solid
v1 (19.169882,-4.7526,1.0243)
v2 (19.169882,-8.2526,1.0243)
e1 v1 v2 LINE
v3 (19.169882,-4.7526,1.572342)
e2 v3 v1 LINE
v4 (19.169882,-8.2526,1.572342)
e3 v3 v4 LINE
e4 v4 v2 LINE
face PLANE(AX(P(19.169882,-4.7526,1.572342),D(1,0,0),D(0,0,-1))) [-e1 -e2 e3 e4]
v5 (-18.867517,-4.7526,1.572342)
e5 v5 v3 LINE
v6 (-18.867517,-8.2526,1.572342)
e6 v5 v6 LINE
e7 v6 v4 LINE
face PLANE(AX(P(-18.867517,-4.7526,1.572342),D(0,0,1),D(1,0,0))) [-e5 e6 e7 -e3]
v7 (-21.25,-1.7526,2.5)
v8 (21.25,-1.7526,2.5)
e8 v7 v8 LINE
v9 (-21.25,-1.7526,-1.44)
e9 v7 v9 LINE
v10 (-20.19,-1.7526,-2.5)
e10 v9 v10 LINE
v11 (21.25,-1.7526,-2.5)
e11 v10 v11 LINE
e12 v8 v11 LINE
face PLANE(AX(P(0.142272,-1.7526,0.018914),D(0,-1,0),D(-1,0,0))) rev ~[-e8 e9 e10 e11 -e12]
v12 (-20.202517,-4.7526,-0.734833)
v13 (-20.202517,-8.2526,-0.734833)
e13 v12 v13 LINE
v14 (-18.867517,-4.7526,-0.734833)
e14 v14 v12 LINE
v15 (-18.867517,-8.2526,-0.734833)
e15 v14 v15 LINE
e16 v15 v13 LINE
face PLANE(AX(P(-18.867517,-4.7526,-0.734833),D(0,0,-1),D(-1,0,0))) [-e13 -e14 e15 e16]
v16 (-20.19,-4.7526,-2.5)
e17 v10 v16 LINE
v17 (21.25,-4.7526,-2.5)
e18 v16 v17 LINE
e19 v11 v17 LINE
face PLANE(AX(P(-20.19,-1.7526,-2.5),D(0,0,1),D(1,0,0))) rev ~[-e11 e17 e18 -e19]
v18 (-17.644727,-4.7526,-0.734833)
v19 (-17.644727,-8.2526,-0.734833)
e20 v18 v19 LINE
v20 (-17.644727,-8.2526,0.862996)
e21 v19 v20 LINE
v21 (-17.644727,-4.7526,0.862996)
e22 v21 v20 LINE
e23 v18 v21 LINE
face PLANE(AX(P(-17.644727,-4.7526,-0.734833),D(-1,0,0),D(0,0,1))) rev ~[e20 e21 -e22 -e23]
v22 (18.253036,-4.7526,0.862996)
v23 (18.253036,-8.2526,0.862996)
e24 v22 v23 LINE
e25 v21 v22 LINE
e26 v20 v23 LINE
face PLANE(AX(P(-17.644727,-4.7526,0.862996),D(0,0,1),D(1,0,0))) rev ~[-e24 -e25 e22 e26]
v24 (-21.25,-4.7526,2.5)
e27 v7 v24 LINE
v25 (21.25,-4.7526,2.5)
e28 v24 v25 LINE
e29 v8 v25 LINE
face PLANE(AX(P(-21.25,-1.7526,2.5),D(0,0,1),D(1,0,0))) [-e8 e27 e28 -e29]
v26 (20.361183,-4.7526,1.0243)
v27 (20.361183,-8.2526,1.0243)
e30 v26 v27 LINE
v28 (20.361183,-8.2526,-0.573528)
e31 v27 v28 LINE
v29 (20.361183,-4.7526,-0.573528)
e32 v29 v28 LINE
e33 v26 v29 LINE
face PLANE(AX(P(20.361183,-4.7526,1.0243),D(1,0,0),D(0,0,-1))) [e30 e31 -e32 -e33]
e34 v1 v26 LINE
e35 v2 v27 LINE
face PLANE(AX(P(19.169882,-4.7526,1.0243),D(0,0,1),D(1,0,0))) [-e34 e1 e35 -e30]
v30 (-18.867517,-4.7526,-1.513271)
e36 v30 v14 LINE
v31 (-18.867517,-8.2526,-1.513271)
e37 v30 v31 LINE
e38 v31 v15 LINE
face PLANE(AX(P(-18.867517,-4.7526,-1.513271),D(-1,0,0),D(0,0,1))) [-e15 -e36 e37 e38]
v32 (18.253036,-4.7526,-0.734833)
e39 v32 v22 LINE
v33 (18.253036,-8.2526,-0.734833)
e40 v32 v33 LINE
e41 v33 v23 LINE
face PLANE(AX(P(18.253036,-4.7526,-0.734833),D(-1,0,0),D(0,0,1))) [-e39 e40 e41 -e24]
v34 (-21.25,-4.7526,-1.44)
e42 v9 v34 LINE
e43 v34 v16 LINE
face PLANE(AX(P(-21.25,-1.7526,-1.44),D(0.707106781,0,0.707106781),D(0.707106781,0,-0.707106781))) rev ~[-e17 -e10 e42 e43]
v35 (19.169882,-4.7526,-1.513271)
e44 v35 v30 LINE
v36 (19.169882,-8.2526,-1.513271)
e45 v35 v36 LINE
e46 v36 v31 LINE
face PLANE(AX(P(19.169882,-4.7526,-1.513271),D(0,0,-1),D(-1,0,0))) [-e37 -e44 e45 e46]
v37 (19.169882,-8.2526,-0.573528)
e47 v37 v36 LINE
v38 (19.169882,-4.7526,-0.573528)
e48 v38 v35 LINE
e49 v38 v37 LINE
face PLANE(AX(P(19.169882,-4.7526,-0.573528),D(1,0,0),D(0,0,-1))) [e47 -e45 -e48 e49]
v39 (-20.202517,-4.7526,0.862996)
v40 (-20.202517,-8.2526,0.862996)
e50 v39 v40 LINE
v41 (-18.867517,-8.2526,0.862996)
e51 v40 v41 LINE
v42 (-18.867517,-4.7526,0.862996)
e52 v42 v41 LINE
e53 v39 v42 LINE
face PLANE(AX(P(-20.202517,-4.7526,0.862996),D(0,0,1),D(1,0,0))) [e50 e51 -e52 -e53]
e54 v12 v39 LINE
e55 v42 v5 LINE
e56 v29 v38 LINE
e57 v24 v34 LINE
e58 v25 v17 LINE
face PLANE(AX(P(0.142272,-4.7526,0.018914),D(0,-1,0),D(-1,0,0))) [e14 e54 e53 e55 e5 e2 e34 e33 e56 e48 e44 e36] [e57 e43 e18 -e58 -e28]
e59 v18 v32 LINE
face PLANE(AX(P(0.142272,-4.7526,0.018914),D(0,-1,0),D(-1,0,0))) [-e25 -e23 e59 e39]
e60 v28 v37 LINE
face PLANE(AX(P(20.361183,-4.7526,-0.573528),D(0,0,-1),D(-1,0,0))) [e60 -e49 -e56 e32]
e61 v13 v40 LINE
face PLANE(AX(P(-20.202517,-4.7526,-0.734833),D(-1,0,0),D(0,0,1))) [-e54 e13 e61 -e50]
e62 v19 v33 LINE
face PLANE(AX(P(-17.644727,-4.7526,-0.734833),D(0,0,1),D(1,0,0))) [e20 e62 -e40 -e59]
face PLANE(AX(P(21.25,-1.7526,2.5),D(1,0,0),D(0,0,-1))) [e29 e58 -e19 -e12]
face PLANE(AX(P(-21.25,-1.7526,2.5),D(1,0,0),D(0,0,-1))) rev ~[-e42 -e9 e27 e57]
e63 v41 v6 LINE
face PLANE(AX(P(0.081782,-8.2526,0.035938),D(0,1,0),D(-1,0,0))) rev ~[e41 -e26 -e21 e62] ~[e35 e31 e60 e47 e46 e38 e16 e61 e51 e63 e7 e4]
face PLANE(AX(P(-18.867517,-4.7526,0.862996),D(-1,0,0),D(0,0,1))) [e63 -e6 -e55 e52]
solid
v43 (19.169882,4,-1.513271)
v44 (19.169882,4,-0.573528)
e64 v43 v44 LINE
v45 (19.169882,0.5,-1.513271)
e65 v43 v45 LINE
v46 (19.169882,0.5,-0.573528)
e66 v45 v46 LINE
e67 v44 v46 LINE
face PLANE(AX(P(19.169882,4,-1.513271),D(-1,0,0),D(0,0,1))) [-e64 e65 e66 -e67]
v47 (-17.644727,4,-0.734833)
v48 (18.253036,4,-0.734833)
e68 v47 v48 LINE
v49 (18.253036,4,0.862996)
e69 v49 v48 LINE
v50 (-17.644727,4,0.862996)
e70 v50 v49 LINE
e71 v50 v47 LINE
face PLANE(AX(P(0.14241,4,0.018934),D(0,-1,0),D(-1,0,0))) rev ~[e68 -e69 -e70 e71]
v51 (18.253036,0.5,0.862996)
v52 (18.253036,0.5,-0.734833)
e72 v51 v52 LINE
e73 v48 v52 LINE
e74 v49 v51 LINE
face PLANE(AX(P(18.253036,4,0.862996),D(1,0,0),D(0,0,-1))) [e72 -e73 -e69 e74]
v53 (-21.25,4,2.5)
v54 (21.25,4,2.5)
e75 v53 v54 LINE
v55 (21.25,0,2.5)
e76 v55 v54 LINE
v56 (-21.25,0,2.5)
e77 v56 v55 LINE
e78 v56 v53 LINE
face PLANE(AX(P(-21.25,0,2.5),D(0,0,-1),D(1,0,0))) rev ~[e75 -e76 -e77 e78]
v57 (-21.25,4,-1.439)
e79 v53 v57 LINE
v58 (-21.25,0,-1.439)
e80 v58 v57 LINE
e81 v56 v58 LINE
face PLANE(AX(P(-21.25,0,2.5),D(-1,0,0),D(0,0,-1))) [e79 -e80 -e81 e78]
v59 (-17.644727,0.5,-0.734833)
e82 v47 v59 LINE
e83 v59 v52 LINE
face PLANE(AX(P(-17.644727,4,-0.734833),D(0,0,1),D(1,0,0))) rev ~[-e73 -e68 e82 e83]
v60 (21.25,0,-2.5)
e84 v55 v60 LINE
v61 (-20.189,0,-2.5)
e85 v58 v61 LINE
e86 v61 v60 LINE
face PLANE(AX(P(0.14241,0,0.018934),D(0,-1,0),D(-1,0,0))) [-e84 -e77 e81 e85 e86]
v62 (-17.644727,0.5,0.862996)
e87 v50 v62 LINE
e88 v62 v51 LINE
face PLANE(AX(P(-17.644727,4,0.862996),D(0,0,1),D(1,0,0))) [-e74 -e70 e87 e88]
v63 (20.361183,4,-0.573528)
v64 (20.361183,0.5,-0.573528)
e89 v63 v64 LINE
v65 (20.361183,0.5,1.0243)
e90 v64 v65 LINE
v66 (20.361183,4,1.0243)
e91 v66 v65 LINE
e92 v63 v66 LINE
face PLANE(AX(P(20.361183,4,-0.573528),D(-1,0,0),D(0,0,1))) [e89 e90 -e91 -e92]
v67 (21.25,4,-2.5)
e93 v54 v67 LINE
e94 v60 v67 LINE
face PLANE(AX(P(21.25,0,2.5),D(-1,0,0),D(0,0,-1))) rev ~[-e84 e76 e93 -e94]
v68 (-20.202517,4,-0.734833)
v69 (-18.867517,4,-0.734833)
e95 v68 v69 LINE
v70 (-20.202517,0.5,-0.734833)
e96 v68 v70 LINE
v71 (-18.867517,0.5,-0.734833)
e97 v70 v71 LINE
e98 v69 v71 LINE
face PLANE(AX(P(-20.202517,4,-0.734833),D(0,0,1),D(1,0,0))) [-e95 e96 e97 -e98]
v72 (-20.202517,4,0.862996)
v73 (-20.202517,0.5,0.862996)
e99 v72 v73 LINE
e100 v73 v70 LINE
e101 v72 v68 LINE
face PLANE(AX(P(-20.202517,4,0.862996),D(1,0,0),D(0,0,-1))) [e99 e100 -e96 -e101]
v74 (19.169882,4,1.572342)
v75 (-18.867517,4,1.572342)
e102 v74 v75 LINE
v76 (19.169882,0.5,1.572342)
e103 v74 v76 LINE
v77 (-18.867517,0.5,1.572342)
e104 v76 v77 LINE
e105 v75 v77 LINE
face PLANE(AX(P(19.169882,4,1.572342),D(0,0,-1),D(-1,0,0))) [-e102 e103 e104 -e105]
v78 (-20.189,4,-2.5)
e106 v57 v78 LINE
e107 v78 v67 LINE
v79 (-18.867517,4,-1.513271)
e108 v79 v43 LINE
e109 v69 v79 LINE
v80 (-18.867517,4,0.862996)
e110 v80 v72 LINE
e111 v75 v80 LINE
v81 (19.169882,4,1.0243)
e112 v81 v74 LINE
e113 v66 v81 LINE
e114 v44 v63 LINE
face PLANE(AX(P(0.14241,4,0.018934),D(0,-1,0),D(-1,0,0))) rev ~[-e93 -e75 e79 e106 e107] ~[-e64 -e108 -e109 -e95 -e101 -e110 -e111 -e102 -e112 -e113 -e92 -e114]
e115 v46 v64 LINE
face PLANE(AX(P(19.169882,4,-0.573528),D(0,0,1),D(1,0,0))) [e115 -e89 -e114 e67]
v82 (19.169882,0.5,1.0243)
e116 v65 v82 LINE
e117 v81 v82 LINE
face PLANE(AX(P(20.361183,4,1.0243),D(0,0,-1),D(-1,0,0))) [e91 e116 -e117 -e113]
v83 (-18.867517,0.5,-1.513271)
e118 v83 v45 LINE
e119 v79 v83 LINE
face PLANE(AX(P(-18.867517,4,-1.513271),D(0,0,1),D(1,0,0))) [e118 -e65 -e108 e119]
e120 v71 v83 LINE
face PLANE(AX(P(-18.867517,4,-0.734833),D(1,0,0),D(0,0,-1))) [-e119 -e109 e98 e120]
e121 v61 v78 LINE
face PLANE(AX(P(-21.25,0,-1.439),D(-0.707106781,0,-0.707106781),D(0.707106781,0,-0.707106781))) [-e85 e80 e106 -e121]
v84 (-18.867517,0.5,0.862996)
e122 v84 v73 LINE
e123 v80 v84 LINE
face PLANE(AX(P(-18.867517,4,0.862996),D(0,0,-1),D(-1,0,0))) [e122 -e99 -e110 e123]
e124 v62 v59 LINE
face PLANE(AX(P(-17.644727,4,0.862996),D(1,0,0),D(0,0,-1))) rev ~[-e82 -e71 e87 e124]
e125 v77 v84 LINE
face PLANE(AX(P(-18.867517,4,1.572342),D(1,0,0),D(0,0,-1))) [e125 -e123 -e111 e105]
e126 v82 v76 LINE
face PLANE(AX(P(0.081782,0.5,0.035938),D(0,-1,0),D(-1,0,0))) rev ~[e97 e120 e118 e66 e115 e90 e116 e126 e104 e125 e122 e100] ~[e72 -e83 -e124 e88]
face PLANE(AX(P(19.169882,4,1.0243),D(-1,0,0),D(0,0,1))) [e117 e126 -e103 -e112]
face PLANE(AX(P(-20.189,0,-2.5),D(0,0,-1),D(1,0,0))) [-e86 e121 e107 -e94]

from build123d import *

# Parameters (mm, degrees)
SV_DEPTH           = 4
SKETCH3_W          = 35.897762959
SKETCH3_H          = 1.597828601
CUT_EXTRUDE1_DEPTH = 3.5
SV2_A_DEPTH        = 3
SKETCH7_W          = 35.897762959
SKETCH7_H          = 1.597828601
SV2_B_DEPTH        = 3.5


with BuildPart() as part:
    # Sketch1 → SV (new body)
    with BuildSketch(Plane(origin=(0, 0, 0), x_dir=(1, 0, 0), z_dir=(0, 1, 0))):
        Polygon((-20.189, 2.5), (21.25, 2.5), (21.25, -1.44), (21.25, -2.5), (20.19, -2.5), (-21.25, -2.5), (-21.25, 1.439), align=None)
    extrude(amount=SV_DEPTH)

    # Sketch3 → Cut-Extrude1 (cut)
    with BuildSketch(Plane(origin=(0, 4, 0), x_dir=(1, 0, 0), z_dir=(0, 1, 0))):
        Polygon((-20.202517392, 0.734832739), (-18.867516597, 0.734832739), (-18.867516597, 1.51327079), (19.169882457, 1.51327079), (19.169882457, 0.573528463), (20.36118295, 0.573528463), (20.36118295, -1.024300139), (19.169882457, -1.024300139), (19.169882457, -1.572342426), (-18.867516597, -1.572342426), (-18.867516597, -0.862995862), (-20.202517392, -0.862995862), align=None)
        with Locations((0.304154287, -0.064081561)):
            Rectangle(SKETCH3_W, SKETCH3_H, mode=Mode.SUBTRACT)
    extrude(amount=-CUT_EXTRUDE1_DEPTH, mode=Mode.SUBTRACT)


with BuildPart() as body_2:
    # Sketch6 → SV2(a) (new body)
    with BuildSketch(Plane(origin=(0, -1.7526, 0), x_dir=(1, 0, 0), z_dir=(0, 1, 0))):
        Polygon((21.25, -1.43808395), (21.25, -2.5), (20.18808395, -2.5), (-21.25, -2.5), (-21.25, 1.44), (-20.19, 2.5), (21.25, 2.5), align=None)
    extrude(amount=-SV2_A_DEPTH)

    # Sketch7 → SV2(b) (add)
    with BuildSketch(Plane.XZ.offset(4.7526)):
        Polygon((-18.867516597, -1.51327079), (-18.867516597, -0.734832739), (-20.202517392, -0.734832739), (-20.202517392, 0.862995862), (-18.867516597, 0.862995862), (-18.867516597, 1.572342426), (19.169882457, 1.572342426), (19.169882457, 1.024300139), (20.36118295, 1.024300139), (20.36118295, -0.573528463), (19.169882457, -0.573528463), (19.169882457, -1.51327079), align=None)
        with Locations((0.304154287, 0.064081561)):
            Rectangle(SKETCH7_W, SKETCH7_H, mode=Mode.SUBTRACT)
    extrude(amount=SV2_B_DEPTH)


solid = Compound([part.part, body_2.part])
